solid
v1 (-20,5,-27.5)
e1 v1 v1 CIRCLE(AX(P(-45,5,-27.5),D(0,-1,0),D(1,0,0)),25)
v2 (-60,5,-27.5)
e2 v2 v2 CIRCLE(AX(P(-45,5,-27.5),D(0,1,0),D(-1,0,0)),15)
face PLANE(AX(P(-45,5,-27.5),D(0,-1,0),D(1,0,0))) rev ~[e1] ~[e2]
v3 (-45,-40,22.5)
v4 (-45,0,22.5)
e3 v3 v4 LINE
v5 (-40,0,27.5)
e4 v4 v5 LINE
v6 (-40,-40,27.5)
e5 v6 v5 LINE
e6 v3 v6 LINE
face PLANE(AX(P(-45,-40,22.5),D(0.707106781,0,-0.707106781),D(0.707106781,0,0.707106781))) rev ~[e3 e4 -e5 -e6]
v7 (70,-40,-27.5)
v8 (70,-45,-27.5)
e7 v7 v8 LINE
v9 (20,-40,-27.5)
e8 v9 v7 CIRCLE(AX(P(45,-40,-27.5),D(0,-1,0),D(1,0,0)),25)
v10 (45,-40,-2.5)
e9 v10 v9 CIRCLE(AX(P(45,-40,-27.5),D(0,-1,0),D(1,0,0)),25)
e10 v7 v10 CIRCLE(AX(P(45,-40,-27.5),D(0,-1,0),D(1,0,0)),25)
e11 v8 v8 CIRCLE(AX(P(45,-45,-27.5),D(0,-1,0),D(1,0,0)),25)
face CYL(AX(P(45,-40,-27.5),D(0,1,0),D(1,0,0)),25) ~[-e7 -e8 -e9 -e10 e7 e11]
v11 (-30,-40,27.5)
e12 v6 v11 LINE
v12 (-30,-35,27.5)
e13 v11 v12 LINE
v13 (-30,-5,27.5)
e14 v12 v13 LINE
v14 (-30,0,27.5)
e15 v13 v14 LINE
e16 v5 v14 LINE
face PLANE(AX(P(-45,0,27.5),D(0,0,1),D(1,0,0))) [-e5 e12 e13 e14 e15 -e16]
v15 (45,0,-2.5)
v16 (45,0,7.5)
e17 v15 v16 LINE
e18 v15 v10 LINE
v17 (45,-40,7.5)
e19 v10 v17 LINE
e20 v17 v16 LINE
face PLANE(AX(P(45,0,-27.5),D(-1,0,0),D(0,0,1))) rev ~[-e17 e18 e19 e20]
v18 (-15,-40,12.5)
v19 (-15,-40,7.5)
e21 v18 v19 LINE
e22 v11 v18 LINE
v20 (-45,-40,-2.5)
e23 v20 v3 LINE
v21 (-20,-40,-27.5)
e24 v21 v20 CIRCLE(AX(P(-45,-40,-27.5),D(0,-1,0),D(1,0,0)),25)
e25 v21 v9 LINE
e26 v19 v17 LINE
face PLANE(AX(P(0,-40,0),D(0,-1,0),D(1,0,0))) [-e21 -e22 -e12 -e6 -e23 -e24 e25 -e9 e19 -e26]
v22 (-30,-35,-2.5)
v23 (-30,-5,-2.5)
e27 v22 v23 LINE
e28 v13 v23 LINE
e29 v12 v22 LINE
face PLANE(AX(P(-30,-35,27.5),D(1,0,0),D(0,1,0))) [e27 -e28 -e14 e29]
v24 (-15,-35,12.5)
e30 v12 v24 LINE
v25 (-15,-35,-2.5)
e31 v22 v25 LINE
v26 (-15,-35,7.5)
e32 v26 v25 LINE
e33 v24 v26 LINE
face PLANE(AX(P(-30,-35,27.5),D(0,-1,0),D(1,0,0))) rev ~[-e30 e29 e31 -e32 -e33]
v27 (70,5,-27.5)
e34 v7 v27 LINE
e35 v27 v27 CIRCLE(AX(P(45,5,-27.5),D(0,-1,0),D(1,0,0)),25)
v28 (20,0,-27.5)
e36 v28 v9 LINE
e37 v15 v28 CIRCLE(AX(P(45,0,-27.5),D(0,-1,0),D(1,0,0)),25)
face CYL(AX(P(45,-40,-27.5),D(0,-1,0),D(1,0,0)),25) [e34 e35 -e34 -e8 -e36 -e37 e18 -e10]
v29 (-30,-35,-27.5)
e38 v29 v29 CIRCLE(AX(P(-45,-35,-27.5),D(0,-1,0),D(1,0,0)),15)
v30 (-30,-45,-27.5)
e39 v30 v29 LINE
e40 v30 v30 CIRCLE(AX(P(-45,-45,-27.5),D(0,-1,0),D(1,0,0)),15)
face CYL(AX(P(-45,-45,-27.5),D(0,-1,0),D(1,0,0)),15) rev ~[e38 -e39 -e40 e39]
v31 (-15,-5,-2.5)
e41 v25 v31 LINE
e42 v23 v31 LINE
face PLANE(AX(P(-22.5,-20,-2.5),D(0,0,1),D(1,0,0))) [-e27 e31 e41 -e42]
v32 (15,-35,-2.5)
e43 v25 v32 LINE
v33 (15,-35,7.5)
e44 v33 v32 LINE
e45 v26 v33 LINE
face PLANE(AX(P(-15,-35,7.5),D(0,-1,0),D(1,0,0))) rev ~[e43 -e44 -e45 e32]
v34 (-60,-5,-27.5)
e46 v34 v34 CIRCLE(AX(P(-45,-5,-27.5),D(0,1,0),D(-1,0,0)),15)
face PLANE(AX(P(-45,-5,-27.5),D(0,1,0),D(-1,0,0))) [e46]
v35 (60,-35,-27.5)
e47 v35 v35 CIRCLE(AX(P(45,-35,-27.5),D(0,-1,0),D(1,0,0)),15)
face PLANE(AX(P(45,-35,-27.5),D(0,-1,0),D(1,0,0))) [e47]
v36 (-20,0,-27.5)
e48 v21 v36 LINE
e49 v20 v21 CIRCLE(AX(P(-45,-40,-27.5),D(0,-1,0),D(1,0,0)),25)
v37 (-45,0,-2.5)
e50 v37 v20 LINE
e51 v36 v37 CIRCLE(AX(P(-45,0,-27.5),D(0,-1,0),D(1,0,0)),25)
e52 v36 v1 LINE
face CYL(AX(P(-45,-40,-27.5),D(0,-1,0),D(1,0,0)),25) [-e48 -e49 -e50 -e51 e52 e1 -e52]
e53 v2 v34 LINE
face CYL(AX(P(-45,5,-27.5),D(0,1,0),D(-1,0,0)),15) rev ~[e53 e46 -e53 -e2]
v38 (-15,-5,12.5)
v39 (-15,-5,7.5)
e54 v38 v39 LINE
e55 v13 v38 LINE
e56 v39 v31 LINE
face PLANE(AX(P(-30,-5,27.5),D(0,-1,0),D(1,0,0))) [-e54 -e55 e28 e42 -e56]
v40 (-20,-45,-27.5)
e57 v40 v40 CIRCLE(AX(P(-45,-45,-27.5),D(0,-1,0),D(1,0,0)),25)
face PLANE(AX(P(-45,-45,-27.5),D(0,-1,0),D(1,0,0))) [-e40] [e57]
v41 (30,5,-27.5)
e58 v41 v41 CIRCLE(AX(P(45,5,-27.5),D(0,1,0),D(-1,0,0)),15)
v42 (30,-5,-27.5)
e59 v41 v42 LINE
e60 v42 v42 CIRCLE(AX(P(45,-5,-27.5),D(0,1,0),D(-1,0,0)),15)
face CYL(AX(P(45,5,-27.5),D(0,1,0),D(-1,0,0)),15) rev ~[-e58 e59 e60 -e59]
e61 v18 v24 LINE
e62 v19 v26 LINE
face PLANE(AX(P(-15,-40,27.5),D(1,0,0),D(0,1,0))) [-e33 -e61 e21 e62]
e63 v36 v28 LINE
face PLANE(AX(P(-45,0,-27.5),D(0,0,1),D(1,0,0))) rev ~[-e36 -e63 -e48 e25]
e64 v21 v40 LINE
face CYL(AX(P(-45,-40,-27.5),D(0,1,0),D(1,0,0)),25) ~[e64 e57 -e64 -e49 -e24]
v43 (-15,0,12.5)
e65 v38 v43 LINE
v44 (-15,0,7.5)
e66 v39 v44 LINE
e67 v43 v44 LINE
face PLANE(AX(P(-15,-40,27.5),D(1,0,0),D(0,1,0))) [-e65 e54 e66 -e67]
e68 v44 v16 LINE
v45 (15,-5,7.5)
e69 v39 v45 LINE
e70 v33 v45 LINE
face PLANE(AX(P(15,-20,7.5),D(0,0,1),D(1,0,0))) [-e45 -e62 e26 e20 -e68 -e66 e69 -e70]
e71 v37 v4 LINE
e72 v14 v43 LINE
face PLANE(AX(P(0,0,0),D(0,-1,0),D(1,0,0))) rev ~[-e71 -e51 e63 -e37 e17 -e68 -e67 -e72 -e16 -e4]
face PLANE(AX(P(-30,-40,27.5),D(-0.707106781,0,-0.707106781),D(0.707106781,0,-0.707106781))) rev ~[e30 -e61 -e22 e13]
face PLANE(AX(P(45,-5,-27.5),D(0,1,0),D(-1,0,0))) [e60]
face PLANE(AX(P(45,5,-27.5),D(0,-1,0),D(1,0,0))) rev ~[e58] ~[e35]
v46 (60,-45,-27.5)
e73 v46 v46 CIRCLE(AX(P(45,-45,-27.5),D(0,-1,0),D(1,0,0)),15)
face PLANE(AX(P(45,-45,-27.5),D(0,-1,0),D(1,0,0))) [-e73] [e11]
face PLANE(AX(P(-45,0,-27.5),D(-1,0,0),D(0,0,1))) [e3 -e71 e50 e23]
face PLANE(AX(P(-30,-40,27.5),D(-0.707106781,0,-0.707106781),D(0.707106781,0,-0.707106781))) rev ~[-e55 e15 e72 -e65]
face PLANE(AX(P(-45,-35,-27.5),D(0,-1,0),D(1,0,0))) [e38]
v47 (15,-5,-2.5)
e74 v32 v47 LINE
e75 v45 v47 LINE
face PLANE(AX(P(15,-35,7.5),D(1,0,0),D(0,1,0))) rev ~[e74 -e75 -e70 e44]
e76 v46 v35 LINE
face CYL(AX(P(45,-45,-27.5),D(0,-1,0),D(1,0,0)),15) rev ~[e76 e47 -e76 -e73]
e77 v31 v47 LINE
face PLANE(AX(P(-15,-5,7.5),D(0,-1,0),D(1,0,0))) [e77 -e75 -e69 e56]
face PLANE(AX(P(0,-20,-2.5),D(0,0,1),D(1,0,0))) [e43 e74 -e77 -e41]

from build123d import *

# Parameters (mm, degrees)
F0_W      = 90
F0_H      = 55
F1_DEPTH  = 40
F2_R      = 25
F3_DEPTH  = 45
F4_R      = 25
F5_DEPTH  = 5
F6_W      = 60
F6_H      = 40
F7_DEPTH  = 20
F8_W      = 30
F8_H      = 30
F9_DEPTH  = 10
F10_W     = 15
F10_H     = 30
F11_DEPTH = 30
F13_DEPTH = 45.001
F14_R     = 15
F15_DEPTH = 10
F16_R     = 15
F17_DEPTH = 10
F18_R     = 15
F19_DEPTH = 10
F20_R     = 15
F21_DEPTH = 10


with BuildPart() as f1:
    # F0 (on Front) → F1 (new body)
    with BuildSketch(Plane.XZ):
        Rectangle(F0_W, F0_H)
    extrude(amount=F1_DEPTH)

    # F2 (on face) → F3 (join)
    with BuildSketch(Plane.XZ.offset(40)):
        with Locations((-45, -27.5)):
            Circle(F2_R)
        with Locations((45, -27.5)):
            Circle(F2_R)
    extrude(amount=-F3_DEPTH)

    # F4 (on face) → F5 (join)
    with BuildSketch(Plane.XZ.offset(40)):
        with Locations((-45, -27.5)):
            Circle(F4_R)
        with Locations((45, -27.5)):
            Circle(F4_R)
    extrude(amount=F5_DEPTH)

    # F6 (on face) → F7 (cut)
    with BuildSketch(Plane.XY.offset(27.5)):
        with Locations((15, -20)):
            Rectangle(F6_W, F6_H)
    extrude(amount=-F7_DEPTH, mode=Mode.SUBTRACT)

    # F8 (on face) → F9 (cut)
    with BuildSketch(Plane.XY.offset(7.5)):
        with Locations((0, -20)):
            Rectangle(F8_W, F8_H)
    extrude(amount=-F9_DEPTH, mode=Mode.SUBTRACT)

    # F10 (on face) → F11 (cut)
    with BuildSketch(Plane.XY.offset(27.5)):
        with Locations((-22.5, -20)):
            Rectangle(F10_W, F10_H)
    extrude(amount=-F11_DEPTH, mode=Mode.SUBTRACT)

    # F12 (on face) → F13 (cut, through all)
    with BuildSketch(Plane.XZ.offset(40)):
        Polygon((-15, 27.5), (-30, 27.5), (-15, 12.5), align=None)
        Polygon((-45, 22.5), (-40, 27.5), (-45, 27.5), align=None)
    extrude(amount=-F13_DEPTH, mode=Mode.SUBTRACT)

    # F14 (on face) → F15 (cut)
    with BuildSketch(Plane.XZ.offset(45)):
        with Locations((-45, -27.5)):
            Circle(F14_R)
    extrude(amount=-F15_DEPTH, mode=Mode.SUBTRACT)

    # F16 (on face) → F17 (cut)
    with BuildSketch(Plane.XZ.offset(45)):
        with Locations((45, -27.5)):
            Circle(F16_R)
    extrude(amount=-F17_DEPTH, mode=Mode.SUBTRACT)

    # F18 (on face) → F19 (cut)
    with BuildSketch(Plane(origin=(0, 5, 0), x_dir=(-1, 0, 0), z_dir=(0, 1, 0))):
        with Locations((-45, -27.5)):
            Circle(F18_R)
    extrude(amount=-F19_DEPTH, mode=Mode.SUBTRACT)

    # F20 (on face) → F21 (cut)
    with BuildSketch(Plane(origin=(0, 5, 0), x_dir=(-1, 0, 0), z_dir=(0, 1, 0))):
        with Locations((45, -27.5)):
            Circle(F20_R)
    extrude(amount=-F21_DEPTH, mode=Mode.SUBTRACT)


solid = f1.part
